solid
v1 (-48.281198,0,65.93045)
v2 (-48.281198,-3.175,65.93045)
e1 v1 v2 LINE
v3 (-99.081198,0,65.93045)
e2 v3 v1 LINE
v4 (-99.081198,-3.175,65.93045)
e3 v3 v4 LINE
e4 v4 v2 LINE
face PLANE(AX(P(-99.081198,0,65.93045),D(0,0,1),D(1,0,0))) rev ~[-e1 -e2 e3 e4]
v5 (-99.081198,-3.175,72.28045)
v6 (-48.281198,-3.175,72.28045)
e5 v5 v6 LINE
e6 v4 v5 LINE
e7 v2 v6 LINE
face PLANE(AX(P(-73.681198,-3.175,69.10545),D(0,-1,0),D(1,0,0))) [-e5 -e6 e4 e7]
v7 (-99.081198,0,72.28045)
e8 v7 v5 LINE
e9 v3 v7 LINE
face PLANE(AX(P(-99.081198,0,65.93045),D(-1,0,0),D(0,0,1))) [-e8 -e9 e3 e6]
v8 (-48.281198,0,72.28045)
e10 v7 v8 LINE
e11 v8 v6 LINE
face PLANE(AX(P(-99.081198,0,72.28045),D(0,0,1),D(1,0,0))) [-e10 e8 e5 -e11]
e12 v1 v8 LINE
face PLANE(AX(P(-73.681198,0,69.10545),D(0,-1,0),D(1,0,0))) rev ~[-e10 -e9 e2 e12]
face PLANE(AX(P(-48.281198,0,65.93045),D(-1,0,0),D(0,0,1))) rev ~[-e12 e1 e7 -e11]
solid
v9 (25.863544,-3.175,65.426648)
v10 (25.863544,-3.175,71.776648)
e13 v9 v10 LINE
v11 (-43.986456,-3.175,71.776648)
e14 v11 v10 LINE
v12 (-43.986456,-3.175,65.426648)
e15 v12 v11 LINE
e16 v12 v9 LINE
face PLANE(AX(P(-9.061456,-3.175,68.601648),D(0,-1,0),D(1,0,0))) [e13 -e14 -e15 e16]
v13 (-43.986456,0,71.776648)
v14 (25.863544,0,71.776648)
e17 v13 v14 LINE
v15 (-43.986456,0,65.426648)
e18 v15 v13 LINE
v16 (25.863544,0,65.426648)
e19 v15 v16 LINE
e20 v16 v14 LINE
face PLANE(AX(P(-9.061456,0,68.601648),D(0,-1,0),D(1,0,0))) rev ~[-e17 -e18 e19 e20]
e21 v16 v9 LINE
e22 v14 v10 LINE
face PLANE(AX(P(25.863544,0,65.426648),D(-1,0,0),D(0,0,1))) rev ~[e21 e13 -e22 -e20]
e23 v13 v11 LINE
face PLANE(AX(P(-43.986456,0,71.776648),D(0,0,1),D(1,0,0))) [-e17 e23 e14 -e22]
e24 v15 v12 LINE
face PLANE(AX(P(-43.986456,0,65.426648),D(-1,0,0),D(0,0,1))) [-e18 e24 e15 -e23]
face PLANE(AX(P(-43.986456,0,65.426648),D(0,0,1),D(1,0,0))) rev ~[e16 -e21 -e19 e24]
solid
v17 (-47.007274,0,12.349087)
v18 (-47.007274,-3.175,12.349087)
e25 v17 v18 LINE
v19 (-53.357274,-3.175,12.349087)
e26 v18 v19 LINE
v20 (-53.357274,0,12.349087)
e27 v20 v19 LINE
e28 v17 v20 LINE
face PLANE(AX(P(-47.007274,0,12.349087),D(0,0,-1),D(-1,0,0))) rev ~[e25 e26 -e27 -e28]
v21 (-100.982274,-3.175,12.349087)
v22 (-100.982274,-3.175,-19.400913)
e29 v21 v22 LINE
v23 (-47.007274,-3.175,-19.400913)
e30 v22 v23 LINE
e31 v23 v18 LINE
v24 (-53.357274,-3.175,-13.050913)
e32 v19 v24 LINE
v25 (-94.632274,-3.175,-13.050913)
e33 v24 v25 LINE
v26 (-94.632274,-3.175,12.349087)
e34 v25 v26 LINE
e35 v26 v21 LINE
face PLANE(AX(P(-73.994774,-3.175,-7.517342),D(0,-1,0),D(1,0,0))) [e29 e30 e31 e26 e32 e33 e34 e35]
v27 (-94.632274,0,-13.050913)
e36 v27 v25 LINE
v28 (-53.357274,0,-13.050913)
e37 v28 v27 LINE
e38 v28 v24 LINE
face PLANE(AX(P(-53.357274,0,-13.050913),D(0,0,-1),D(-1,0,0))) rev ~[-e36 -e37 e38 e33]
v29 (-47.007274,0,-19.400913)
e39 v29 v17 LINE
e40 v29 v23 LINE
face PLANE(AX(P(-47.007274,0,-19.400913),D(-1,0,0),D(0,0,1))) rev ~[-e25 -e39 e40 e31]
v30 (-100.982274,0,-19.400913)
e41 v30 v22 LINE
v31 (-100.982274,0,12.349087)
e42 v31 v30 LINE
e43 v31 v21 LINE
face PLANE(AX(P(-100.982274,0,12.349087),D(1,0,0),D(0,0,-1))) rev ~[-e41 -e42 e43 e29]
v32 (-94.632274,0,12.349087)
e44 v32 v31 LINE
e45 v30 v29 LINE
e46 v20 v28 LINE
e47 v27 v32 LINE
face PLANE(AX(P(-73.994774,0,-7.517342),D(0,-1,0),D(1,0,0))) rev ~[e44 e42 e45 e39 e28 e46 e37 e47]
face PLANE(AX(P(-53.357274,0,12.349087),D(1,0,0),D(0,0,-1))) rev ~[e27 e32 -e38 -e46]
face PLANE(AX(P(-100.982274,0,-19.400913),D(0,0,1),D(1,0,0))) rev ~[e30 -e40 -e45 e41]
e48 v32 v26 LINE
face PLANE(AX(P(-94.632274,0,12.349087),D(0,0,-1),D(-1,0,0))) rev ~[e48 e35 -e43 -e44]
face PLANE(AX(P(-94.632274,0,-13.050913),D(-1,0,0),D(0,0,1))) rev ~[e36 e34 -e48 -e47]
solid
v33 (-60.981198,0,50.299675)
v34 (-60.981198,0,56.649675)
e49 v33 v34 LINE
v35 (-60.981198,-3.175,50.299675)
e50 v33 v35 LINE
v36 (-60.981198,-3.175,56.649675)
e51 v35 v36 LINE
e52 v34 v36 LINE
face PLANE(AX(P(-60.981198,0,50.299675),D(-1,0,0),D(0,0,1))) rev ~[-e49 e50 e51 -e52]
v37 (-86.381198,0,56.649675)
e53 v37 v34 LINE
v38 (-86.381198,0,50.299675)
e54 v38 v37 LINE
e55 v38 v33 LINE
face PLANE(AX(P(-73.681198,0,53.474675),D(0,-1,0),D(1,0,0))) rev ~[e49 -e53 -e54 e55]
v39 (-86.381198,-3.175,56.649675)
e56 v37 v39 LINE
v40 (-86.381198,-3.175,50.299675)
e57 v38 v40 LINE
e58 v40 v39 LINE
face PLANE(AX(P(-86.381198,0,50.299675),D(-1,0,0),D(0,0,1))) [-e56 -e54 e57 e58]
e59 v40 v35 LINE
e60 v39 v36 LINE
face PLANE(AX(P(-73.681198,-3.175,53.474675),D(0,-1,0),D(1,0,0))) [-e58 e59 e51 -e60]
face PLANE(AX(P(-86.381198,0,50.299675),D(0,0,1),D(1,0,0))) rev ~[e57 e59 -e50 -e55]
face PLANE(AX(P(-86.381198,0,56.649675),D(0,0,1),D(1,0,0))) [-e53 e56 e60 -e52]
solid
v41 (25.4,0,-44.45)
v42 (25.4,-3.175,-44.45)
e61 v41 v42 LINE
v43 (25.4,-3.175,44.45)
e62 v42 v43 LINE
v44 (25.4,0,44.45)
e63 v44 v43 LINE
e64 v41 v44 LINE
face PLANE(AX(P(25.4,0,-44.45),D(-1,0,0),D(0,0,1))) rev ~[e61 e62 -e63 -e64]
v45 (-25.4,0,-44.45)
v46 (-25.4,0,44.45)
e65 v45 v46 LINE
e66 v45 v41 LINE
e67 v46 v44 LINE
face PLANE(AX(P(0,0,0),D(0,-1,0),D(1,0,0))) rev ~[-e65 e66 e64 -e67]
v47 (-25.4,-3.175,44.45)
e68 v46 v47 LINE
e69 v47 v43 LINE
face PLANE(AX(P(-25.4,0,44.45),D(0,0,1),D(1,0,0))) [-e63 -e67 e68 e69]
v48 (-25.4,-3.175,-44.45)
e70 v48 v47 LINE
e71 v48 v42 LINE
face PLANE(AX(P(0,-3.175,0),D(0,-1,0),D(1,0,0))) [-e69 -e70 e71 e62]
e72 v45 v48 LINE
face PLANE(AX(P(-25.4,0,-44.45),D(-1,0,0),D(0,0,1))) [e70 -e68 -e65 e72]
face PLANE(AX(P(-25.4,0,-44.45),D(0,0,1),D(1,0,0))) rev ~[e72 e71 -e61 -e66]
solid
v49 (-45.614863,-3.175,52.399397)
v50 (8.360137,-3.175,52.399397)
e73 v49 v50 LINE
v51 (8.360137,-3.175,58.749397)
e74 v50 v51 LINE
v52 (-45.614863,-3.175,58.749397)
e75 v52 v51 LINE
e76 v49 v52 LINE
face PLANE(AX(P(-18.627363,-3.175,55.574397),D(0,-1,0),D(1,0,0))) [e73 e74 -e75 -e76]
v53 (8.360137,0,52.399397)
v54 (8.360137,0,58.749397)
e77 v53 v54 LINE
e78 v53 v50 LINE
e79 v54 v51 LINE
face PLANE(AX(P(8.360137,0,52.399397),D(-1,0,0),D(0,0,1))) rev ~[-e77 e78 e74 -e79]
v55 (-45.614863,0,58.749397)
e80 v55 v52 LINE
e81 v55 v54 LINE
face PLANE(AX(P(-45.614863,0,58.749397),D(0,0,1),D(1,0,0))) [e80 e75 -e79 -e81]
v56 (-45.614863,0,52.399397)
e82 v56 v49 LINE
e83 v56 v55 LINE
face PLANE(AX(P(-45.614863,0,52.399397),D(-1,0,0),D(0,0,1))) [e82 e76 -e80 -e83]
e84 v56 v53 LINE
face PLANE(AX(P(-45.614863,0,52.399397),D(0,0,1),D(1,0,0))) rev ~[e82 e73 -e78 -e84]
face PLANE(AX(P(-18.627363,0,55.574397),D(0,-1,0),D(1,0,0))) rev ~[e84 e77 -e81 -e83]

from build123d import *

# Parameters (mm, degrees)
F0_W     = 50.8
F0_H     = 88.9
F1_DEPTH = 3.175
F3_DEPTH = 3.175
F4_W     = 50.8
F4_H     = 6.35
F4_W_2   = 25.4
F4_W_3   = 53.975
F4_W_4   = 69.85
F5_DEPTH = 3.175


with BuildPart() as f1:
    # F0 (on Front) → F1 (new body)
    with BuildSketch(Plane.XZ):
        Rectangle(F0_W, F0_H)
    extrude(amount=F1_DEPTH)


with BuildPart() as f3:
    # F2 (on Front) → F3 (new body)
    with BuildSketch(Plane.XZ):
        Polygon((-94.632274, 12.349087), (-100.982274, 12.349087), (-100.982274, -19.400913), (-47.007274, -19.400913), (-47.007274, 12.349087), (-53.357274, 12.349087), (-53.357274, -13.050913), (-94.632274, -13.050913), align=None)
    extrude(amount=F3_DEPTH)


with BuildPart() as f5:
    # F4 (on Front) → F5 (new body)
    with BuildSketch(Plane.XZ):
        with Locations((-73.681198, 69.10545)):
            Rectangle(F4_W, F4_H)
        with Locations((-73.681198, 53.474675)):
            Rectangle(F4_W_2, F4_H)
        with Locations((-18.627363, 55.574397)):
            Rectangle(F4_W_3, F4_H)
        with Locations((-9.061456, 68.601648)):
            Rectangle(F4_W_4, F4_H)
    extrude(amount=F5_DEPTH)


solid = Compound([f1.part, f3.part, f5.part])
